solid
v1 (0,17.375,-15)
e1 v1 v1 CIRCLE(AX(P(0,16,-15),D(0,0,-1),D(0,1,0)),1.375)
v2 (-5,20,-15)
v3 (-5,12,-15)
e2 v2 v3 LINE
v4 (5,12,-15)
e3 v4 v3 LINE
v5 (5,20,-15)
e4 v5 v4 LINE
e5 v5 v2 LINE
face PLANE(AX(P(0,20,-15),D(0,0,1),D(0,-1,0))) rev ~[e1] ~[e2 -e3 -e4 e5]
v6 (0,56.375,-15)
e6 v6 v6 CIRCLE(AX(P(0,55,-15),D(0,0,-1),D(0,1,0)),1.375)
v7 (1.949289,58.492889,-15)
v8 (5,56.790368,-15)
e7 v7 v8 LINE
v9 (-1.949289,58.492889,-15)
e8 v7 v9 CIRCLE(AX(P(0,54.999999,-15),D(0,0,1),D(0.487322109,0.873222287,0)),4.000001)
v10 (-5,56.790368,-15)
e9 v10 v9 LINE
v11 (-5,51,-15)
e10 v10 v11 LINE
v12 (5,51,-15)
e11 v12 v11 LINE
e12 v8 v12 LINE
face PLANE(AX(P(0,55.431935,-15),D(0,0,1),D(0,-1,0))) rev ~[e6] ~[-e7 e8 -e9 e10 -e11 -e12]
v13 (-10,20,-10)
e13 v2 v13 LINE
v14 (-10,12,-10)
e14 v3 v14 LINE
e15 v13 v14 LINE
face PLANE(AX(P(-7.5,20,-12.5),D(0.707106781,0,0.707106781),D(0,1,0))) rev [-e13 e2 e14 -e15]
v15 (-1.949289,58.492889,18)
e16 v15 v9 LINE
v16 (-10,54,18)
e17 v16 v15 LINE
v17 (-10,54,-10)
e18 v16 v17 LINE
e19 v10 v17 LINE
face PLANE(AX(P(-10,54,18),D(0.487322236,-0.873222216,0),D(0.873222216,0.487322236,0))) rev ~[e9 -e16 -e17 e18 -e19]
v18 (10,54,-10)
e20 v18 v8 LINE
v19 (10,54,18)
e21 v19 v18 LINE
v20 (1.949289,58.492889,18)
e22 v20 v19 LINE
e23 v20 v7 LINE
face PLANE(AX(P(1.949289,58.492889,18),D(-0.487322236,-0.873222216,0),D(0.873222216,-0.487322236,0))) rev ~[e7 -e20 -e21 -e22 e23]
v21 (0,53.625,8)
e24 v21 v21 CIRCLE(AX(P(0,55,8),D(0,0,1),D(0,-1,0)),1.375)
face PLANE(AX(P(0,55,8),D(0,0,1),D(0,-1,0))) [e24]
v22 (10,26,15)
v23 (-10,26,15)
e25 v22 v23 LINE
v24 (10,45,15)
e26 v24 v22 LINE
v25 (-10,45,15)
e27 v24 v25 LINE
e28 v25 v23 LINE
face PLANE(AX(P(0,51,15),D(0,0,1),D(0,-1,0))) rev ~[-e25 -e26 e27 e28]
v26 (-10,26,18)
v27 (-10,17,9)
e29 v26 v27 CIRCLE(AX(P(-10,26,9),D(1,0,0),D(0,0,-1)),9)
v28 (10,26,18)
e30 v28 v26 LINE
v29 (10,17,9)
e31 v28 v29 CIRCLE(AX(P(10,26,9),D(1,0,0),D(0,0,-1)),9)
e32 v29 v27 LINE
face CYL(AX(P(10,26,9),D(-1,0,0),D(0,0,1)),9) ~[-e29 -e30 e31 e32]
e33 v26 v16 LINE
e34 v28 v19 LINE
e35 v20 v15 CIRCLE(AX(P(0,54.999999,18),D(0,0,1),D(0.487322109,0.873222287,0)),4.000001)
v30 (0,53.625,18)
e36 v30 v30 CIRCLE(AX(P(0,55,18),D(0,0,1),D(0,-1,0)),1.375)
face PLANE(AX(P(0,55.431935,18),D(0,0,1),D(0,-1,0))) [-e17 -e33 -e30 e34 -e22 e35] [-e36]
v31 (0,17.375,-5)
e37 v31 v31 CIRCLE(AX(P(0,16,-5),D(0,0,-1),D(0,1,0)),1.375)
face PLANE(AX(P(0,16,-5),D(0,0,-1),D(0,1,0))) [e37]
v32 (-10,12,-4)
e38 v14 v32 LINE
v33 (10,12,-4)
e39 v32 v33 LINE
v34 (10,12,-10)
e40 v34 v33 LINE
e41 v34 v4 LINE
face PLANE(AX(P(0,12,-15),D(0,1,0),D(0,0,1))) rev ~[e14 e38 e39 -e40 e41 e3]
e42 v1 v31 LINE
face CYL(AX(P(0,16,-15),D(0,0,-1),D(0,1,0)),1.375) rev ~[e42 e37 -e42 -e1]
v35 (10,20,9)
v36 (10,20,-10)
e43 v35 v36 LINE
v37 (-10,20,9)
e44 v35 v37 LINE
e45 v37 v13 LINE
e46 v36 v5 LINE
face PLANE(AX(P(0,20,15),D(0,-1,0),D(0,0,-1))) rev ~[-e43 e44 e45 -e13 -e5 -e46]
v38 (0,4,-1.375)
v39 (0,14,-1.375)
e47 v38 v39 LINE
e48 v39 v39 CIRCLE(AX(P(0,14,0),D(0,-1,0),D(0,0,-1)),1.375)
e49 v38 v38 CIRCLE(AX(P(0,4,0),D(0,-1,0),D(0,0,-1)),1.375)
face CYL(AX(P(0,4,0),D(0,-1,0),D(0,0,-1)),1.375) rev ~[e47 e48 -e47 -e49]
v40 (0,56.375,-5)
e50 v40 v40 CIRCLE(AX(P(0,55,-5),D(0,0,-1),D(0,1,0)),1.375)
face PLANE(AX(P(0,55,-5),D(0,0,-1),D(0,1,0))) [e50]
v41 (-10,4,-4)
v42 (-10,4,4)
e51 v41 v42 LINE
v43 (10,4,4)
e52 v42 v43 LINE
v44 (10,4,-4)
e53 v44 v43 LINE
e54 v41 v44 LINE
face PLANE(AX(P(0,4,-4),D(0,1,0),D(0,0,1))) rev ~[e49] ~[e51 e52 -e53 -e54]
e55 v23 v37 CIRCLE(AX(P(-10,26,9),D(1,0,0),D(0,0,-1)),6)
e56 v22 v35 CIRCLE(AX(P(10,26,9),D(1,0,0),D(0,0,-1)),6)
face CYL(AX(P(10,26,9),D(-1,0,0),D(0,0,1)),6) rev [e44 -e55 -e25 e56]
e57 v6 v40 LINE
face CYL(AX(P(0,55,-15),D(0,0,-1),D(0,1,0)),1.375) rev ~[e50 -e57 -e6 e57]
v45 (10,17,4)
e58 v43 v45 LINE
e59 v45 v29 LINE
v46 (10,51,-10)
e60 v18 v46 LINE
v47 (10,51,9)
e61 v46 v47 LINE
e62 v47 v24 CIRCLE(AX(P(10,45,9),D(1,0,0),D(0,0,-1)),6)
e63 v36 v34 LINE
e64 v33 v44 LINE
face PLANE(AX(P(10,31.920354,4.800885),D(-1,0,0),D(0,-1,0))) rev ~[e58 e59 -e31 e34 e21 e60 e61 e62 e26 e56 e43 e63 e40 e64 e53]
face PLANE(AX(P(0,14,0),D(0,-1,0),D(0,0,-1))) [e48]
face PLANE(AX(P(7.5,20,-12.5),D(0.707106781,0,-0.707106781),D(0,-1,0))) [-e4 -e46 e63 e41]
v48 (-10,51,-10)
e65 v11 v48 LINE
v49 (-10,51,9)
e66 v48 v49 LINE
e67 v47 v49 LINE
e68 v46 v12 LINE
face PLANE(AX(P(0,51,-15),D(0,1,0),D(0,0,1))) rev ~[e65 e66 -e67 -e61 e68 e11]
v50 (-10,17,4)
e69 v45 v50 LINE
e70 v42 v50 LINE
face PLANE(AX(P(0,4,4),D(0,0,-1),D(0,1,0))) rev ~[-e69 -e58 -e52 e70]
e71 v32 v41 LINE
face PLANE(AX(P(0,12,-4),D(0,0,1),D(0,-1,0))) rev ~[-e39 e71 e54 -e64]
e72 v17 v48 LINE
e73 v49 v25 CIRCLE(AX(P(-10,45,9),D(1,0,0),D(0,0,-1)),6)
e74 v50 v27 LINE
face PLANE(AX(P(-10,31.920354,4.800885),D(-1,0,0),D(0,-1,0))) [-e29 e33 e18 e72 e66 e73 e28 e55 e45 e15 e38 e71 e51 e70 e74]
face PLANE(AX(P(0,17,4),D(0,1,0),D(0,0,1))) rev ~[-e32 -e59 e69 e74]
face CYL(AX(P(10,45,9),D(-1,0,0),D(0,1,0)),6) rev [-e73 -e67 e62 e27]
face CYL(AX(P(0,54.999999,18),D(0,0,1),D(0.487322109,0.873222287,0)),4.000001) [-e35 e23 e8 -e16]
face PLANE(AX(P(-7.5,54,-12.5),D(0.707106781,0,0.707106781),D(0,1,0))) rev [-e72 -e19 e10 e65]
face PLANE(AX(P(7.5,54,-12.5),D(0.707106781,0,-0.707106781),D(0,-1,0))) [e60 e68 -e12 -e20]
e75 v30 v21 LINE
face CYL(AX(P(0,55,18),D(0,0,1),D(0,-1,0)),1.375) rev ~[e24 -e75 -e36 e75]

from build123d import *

# Parameters (mm, degrees)
PAD_DEPTH       = 10
SKETCH001_R     = 1.375
POCKET_DEPTH    = 10
PAD001_DEPTH    = 33
SKETCH003_R     = 1.375
POCKET001_DEPTH = 10
SKETCH004_R     = 1.375
POCKET002_DEPTH = 10
FILLET_1_R      = 9
FILLET_2_R      = 6
CHAMFER_SIZE    = 5


with BuildPart() as part:
    # Sketch → Pad (new body, symmetric)
    with BuildSketch(Plane.YZ):
        Polygon((4, 4), (17, 4), (17, 18), (54, 18), (54, -15), (51, -15), (51, 15), (20, 15), (20, -15), (12, -15), (12, -4), (4, -4), align=None)
    extrude(amount=PAD_DEPTH, both=True)

    # Sketch001 → Pocket (cut)
    with BuildSketch(Plane(origin=(0, 4, 0), x_dir=(0, 0, -1), z_dir=(0, -1, 0))):
        Circle(SKETCH001_R)
    extrude(amount=-POCKET_DEPTH, mode=Mode.SUBTRACT)

    # Sketch002 → Pad001 (new body)
    with BuildSketch(Plane(origin=(0, 0, 18), x_dir=(0, -1, 0), z_dir=(0, 0, 1))):
        with BuildLine():
            ThreePointArc((-58.492889, 1.949289), (-59, 0), (-58.492889, -1.949289))
            Line((-54, -10), (-58.492889, -1.949289))
            Line((-54, 10), (-54, -10))
            Line((-58.492889, 1.949289), (-54, 10))
        make_face()
    extrude(amount=-PAD001_DEPTH)

    # Sketch003 → Pocket001 (cut)
    with BuildSketch(Plane(origin=(0, 0, 18), x_dir=(0, -1, 0), z_dir=(0, 0, 1))):
        with Locations((-55, 0)):
            Circle(SKETCH003_R)
    extrude(amount=-POCKET001_DEPTH, mode=Mode.SUBTRACT)

    # Sketch004 → Pocket002 (cut)
    with BuildSketch(Plane.YX.offset(15)):
        with Locations((55, 0)):
            Circle(SKETCH004_R)
        with Locations((16, 0)):
            Circle(SKETCH004_R)
    extrude(amount=-POCKET002_DEPTH, mode=Mode.SUBTRACT)

    # Fillet 1
    fillet_1_edges = [part.edges().sort_by_distance(p)[0] for p in [
        (0, 17, 18),
    ]]
    fillet(fillet_1_edges, radius=FILLET_1_R)

    # Fillet 2
    fillet_2_edges = [part.edges().sort_by_distance(p)[0] for p in [
        (0, 20, 15),
        (0, 51, 15),
    ]]
    fillet(fillet_2_edges, radius=FILLET_2_R)

    # Chamfer
    chamfer_edges = [part.edges().sort_by_distance(p)[0] for p in [
        (-10, 52.5, -15),
        (-10, 16, -15),
        (10, 52.5, -15),
        (10, 16, -15),
    ]]
    chamfer(chamfer_edges, length=CHAMFER_SIZE)


solid = part.part
